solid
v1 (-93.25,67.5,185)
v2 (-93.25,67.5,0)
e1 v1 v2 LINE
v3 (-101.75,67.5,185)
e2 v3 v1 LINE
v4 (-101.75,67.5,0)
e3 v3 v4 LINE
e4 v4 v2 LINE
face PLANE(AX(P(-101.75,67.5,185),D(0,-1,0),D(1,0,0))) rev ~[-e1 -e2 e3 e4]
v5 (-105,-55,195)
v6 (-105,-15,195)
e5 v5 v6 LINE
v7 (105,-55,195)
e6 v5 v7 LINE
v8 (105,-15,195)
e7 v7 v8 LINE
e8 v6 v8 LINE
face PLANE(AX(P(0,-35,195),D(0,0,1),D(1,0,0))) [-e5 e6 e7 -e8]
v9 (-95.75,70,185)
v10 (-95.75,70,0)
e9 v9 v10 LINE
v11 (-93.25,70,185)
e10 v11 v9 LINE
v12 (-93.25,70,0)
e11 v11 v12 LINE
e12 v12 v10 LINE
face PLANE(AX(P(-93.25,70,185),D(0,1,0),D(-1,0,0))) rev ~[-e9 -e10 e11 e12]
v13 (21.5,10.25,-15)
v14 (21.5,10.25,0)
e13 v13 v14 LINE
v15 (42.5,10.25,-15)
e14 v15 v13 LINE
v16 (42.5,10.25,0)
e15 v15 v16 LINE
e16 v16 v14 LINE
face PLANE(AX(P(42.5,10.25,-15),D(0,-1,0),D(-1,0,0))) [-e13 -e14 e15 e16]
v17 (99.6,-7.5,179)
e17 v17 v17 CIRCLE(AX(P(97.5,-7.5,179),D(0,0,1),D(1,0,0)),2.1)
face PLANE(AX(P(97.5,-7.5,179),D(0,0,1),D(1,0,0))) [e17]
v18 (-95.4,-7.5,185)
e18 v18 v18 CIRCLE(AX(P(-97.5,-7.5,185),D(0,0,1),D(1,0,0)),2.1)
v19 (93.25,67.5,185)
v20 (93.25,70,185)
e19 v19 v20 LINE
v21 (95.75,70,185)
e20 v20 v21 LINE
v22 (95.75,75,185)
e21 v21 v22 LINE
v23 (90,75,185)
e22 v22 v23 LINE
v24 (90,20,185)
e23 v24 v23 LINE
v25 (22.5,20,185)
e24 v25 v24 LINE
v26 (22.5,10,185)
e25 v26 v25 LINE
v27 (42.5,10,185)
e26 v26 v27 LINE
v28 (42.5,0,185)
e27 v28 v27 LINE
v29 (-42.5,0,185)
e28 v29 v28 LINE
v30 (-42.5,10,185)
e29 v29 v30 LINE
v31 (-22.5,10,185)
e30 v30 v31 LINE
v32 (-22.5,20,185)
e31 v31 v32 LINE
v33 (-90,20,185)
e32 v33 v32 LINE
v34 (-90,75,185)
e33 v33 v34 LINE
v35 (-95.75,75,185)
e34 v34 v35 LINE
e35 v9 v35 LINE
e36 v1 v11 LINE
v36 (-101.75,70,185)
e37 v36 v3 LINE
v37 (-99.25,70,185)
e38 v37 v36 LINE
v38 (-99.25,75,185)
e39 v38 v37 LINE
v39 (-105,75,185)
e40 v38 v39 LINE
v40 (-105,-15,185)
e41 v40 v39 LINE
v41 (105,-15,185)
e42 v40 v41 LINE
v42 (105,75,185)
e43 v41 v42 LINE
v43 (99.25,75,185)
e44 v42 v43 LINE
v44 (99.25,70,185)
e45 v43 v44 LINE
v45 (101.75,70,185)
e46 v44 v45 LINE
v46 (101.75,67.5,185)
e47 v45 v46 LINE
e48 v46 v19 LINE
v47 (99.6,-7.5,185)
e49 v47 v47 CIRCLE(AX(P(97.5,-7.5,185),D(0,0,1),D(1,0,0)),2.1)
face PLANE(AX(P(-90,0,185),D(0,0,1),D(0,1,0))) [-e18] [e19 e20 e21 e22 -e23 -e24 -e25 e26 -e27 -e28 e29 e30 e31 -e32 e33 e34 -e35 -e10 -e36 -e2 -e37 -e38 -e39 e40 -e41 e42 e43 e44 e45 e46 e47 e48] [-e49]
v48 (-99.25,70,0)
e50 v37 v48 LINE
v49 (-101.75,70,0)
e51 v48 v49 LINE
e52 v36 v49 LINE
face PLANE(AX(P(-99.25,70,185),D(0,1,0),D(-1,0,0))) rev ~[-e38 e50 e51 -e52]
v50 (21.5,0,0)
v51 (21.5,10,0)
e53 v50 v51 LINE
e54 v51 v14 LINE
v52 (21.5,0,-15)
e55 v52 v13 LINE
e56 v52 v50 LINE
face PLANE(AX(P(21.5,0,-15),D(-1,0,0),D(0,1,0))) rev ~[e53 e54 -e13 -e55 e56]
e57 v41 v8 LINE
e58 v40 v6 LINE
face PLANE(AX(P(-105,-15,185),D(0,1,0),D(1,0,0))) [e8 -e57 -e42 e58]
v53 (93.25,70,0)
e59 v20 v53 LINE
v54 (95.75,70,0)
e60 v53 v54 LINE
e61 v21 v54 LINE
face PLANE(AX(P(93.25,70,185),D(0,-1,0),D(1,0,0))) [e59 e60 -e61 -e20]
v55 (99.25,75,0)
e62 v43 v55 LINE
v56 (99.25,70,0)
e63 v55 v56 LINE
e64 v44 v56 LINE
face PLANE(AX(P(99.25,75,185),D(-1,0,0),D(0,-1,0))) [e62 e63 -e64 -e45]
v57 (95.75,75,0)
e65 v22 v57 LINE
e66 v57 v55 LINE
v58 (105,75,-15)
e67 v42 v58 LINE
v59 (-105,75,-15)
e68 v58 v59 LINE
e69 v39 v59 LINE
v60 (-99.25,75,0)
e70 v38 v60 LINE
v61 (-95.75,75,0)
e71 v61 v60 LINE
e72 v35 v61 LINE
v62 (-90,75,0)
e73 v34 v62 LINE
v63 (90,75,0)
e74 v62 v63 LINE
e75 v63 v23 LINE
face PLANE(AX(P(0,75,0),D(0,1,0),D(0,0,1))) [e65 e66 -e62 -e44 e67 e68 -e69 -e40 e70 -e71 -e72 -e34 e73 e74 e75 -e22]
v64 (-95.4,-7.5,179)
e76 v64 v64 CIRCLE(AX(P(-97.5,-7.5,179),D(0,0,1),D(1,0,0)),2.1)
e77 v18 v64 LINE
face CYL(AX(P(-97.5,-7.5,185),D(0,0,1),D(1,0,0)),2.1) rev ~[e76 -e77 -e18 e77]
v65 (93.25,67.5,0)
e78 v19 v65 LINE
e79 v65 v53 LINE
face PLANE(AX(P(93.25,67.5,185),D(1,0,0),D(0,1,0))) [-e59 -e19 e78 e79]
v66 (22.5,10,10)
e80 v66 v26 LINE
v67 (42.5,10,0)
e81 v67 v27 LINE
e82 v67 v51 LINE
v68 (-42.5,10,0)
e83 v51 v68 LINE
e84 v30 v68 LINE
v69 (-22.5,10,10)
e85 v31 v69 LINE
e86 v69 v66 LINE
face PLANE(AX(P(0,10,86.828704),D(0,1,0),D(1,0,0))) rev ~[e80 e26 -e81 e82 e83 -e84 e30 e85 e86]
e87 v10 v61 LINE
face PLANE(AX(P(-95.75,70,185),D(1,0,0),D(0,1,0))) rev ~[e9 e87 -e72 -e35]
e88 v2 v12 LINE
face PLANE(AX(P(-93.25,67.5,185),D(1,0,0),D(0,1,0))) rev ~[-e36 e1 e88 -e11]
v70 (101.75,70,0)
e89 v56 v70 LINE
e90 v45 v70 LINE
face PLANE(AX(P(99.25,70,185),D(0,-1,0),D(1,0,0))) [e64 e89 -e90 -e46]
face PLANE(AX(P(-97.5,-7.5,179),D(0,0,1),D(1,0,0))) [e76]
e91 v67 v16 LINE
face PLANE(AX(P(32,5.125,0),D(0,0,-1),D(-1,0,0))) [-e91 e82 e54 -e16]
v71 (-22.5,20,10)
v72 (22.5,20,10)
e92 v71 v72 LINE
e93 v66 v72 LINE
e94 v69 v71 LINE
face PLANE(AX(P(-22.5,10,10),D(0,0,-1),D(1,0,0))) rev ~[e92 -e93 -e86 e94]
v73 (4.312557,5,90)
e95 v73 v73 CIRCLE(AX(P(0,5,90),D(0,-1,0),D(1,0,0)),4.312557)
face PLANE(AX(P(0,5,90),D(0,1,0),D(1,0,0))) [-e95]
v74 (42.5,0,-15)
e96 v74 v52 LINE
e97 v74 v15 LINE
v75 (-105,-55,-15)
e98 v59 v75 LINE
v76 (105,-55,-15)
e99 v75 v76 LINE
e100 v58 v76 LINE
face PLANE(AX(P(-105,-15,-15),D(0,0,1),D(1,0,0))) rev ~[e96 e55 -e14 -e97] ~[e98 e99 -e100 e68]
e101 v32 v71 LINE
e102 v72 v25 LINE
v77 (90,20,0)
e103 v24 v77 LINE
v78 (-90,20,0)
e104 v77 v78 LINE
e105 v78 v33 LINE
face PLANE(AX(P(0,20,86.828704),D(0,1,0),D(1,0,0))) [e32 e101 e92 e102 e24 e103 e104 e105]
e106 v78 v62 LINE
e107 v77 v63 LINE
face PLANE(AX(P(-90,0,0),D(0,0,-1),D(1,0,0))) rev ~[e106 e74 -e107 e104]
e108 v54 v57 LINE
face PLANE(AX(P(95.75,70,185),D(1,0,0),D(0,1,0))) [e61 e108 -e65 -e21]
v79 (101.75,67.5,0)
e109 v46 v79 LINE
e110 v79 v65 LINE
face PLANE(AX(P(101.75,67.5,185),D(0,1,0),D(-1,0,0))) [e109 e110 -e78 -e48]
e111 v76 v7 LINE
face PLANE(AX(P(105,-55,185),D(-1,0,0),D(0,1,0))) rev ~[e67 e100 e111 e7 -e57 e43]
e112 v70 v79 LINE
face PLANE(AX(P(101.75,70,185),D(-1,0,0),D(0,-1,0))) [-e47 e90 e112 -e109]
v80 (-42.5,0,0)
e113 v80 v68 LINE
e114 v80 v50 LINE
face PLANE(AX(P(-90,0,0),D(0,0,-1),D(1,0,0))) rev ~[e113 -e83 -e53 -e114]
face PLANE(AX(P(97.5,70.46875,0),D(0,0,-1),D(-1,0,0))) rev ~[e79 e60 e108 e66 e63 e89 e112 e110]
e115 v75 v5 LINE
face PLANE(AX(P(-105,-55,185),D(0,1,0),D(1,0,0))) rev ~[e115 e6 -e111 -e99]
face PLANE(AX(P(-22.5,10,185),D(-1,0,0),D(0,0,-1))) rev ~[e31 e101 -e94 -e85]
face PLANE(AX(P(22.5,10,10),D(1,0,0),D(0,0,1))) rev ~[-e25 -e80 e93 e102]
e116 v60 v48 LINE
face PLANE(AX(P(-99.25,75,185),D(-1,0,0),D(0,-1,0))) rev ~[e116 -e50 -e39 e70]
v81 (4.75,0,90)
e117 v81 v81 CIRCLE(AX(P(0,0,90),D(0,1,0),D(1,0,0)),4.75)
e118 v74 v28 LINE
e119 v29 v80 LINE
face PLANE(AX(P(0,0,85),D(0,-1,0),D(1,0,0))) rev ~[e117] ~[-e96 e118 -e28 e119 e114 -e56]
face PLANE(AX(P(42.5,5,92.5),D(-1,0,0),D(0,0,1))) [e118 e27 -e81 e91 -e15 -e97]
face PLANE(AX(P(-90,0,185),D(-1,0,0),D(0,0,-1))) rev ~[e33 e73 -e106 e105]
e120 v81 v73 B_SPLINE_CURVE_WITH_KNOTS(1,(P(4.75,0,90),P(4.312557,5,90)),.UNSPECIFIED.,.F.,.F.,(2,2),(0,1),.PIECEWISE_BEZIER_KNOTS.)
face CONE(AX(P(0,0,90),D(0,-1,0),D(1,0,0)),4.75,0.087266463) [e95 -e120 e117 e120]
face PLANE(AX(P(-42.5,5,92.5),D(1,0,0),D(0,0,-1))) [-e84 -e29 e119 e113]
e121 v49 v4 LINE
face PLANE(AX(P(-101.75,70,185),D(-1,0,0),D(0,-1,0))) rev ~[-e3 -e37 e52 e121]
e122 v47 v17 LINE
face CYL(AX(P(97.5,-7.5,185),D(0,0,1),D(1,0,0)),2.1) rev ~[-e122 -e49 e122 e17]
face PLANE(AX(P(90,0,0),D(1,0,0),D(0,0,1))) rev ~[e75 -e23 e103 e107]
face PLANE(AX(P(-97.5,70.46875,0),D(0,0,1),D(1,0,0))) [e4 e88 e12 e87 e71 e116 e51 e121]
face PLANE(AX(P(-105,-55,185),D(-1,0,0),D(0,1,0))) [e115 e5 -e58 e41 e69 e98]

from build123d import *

# Parameters (mm, degrees)
BOSS_EXTRUDE1_DEPTH = 225
BOSS_EXTRUDE2_DEPTH = 10
SKETCH6_W           = 210
SKETCH6_H           = 200
BOSS_EXTRUDE3_DEPTH = 15
SKETCH5_R           = 2.1
CUT_EXTRUDE1_DEPTH  = 6
SKETCH10_W          = 210
SKETCH10_H          = 200
BOSS_EXTRUDE4_DEPTH = 40
SKETCH11_R          = 4.75
BOSS_EXTRUDE5_DEPTH = 5
BOSS_EXTRUDE5_TAPER = 5
SKETCH13_W          = 185
SKETCH13_H          = 10
BOSS_EXTRUDE6_DEPTH = 47.5
SKETCH14_W          = 185
SKETCH14_H          = 10
BOSS_EXTRUDE7_DEPTH = 47.5
SKETCH7_W           = 21
SKETCH7_H           = 10.25
CUT_EXTRUDE2_DEPTH  = 15
SKETCH15_R          = 2.1
CUT_EXTRUDE4_DEPTH  = 4.5
CUT_EXTRUDE5_DEPTH  = 185
SKETCH17_W          = 210
SKETCH17_H          = 40
BOSS_EXTRUDE8_DEPTH = 10


with BuildPart() as part:
    # Sketch2 → Boss-Extrude1 (new body)
    with BuildSketch(Plane(origin=(0, 0, 0), x_dir=(1, 0, 0), z_dir=(0, 1, 0))):
        Polygon((-90, 0), (90, 0), (90, -185), (105, -185), (105, 15), (-105, 15), (-105, -185), (-90, -185), align=None)
    extrude(amount=BOSS_EXTRUDE1_DEPTH)

    # Sketch3 → Boss-Extrude2 (add)
    with BuildSketch(Plane(origin=(0, 10, 0), x_dir=(1, 0, 0), z_dir=(0, 1, 0))):
        Polygon((-90, -185), (-22.5, -185), (-22.5, -10), (22.5, -10), (22.5, -185), (90, -185), (90, 0), (-90, 0), align=None)
    extrude(amount=BOSS_EXTRUDE2_DEPTH)

    # Sketch6 → Boss-Extrude3 (add)
    with BuildSketch(Plane.XZ):
        with Locations((0, 85)):
            Rectangle(SKETCH6_W, SKETCH6_H)
    extrude(amount=BOSS_EXTRUDE3_DEPTH)

    # Sketch5 → Cut-Extrude1 (cut)
    with BuildSketch(Plane.XY.offset(185)):
        with Locations((-97.5, 217.5)):
            Circle(SKETCH5_R)
        with Locations((97.5, 217.5)):
            Circle(SKETCH5_R)
        with Locations((-97.5, -7.5)):
            Circle(SKETCH5_R)
        with Locations((97.5, -7.5)):
            Circle(SKETCH5_R)
    extrude(amount=-CUT_EXTRUDE1_DEPTH, mode=Mode.SUBTRACT)

    # Sketch10 → Boss-Extrude4 (add)
    with BuildSketch(Plane.XZ.offset(15)):
        with Locations((0, 85)):
            Rectangle(SKETCH10_W, SKETCH10_H)
    extrude(amount=BOSS_EXTRUDE4_DEPTH)

    # Sketch11 → Boss-Extrude5 (add)
    with BuildSketch(Plane(origin=(0, 0, 0), x_dir=(1, 0, 0), z_dir=(0, 1, 0))):
        with Locations((0, -90)):
            Circle(SKETCH11_R)
    extrude(amount=BOSS_EXTRUDE5_DEPTH, taper=BOSS_EXTRUDE5_TAPER)

    # Sketch13 → Boss-Extrude6 (add)
    with BuildSketch(Plane.ZY.offset(-90)):
        with Locations((92.5, 5)):
            Rectangle(SKETCH13_W, SKETCH13_H)
    extrude(amount=BOSS_EXTRUDE6_DEPTH)

    # Sketch14 → Boss-Extrude7 (add)
    with BuildSketch(Plane(origin=(-90, 0, 0), x_dir=(0, 0, -1), z_dir=(1, 0, 0))):
        with Locations((-92.5, 5)):
            Rectangle(SKETCH14_W, SKETCH14_H)
    extrude(amount=BOSS_EXTRUDE7_DEPTH)

    # Sketch7 → Cut-Extrude2 (cut)
    with BuildSketch(Plane(origin=(0, 0, -15), x_dir=(-1, 0, 0), z_dir=(0, 0, -1))):
        with Locations((-32, 5.125)):
            Rectangle(SKETCH7_W, SKETCH7_H)
    extrude(amount=-CUT_EXTRUDE2_DEPTH, mode=Mode.SUBTRACT)

    # Sketch15 → Cut-Extrude4 (cut)
    with BuildSketch(Plane(origin=(0, 225, 0), x_dir=(1, 0, 0), z_dir=(0, 1, 0))):
        with Locations((0, 7.5)):
            Circle(SKETCH15_R)
        with Locations((-97.5, -90)):
            Circle(SKETCH15_R)
        with Locations((97.5, -90)):
            Circle(SKETCH15_R)
    extrude(amount=-CUT_EXTRUDE4_DEPTH, mode=Mode.SUBTRACT)

    # Split1
    split(bisect_by=Plane.ZX.offset(75), keep=Keep.BOTTOM)

    # Sketch16 → Cut-Extrude5 (cut)
    with BuildSketch(Plane.XY.offset(185)):
        Polygon((-99.25, 75), (-99.25, 70), (-101.75, 70), (-101.75, 67.5), (-93.25, 67.5), (-93.25, 70), (-95.75, 70), (-95.75, 75), align=None)
        Polygon((95.75, 70), (95.75, 75), (99.25, 75), (99.25, 70), (101.75, 70), (101.75, 67.5), (93.25, 67.5), (93.25, 70), align=None)
    extrude(amount=-CUT_EXTRUDE5_DEPTH, mode=Mode.SUBTRACT)

    # Sketch17 → Boss-Extrude8 (add)
    with BuildSketch(Plane.XY.offset(185)):
        with Locations((0, -35)):
            Rectangle(SKETCH17_W, SKETCH17_H)
    extrude(amount=BOSS_EXTRUDE8_DEPTH)


solid = part.part
